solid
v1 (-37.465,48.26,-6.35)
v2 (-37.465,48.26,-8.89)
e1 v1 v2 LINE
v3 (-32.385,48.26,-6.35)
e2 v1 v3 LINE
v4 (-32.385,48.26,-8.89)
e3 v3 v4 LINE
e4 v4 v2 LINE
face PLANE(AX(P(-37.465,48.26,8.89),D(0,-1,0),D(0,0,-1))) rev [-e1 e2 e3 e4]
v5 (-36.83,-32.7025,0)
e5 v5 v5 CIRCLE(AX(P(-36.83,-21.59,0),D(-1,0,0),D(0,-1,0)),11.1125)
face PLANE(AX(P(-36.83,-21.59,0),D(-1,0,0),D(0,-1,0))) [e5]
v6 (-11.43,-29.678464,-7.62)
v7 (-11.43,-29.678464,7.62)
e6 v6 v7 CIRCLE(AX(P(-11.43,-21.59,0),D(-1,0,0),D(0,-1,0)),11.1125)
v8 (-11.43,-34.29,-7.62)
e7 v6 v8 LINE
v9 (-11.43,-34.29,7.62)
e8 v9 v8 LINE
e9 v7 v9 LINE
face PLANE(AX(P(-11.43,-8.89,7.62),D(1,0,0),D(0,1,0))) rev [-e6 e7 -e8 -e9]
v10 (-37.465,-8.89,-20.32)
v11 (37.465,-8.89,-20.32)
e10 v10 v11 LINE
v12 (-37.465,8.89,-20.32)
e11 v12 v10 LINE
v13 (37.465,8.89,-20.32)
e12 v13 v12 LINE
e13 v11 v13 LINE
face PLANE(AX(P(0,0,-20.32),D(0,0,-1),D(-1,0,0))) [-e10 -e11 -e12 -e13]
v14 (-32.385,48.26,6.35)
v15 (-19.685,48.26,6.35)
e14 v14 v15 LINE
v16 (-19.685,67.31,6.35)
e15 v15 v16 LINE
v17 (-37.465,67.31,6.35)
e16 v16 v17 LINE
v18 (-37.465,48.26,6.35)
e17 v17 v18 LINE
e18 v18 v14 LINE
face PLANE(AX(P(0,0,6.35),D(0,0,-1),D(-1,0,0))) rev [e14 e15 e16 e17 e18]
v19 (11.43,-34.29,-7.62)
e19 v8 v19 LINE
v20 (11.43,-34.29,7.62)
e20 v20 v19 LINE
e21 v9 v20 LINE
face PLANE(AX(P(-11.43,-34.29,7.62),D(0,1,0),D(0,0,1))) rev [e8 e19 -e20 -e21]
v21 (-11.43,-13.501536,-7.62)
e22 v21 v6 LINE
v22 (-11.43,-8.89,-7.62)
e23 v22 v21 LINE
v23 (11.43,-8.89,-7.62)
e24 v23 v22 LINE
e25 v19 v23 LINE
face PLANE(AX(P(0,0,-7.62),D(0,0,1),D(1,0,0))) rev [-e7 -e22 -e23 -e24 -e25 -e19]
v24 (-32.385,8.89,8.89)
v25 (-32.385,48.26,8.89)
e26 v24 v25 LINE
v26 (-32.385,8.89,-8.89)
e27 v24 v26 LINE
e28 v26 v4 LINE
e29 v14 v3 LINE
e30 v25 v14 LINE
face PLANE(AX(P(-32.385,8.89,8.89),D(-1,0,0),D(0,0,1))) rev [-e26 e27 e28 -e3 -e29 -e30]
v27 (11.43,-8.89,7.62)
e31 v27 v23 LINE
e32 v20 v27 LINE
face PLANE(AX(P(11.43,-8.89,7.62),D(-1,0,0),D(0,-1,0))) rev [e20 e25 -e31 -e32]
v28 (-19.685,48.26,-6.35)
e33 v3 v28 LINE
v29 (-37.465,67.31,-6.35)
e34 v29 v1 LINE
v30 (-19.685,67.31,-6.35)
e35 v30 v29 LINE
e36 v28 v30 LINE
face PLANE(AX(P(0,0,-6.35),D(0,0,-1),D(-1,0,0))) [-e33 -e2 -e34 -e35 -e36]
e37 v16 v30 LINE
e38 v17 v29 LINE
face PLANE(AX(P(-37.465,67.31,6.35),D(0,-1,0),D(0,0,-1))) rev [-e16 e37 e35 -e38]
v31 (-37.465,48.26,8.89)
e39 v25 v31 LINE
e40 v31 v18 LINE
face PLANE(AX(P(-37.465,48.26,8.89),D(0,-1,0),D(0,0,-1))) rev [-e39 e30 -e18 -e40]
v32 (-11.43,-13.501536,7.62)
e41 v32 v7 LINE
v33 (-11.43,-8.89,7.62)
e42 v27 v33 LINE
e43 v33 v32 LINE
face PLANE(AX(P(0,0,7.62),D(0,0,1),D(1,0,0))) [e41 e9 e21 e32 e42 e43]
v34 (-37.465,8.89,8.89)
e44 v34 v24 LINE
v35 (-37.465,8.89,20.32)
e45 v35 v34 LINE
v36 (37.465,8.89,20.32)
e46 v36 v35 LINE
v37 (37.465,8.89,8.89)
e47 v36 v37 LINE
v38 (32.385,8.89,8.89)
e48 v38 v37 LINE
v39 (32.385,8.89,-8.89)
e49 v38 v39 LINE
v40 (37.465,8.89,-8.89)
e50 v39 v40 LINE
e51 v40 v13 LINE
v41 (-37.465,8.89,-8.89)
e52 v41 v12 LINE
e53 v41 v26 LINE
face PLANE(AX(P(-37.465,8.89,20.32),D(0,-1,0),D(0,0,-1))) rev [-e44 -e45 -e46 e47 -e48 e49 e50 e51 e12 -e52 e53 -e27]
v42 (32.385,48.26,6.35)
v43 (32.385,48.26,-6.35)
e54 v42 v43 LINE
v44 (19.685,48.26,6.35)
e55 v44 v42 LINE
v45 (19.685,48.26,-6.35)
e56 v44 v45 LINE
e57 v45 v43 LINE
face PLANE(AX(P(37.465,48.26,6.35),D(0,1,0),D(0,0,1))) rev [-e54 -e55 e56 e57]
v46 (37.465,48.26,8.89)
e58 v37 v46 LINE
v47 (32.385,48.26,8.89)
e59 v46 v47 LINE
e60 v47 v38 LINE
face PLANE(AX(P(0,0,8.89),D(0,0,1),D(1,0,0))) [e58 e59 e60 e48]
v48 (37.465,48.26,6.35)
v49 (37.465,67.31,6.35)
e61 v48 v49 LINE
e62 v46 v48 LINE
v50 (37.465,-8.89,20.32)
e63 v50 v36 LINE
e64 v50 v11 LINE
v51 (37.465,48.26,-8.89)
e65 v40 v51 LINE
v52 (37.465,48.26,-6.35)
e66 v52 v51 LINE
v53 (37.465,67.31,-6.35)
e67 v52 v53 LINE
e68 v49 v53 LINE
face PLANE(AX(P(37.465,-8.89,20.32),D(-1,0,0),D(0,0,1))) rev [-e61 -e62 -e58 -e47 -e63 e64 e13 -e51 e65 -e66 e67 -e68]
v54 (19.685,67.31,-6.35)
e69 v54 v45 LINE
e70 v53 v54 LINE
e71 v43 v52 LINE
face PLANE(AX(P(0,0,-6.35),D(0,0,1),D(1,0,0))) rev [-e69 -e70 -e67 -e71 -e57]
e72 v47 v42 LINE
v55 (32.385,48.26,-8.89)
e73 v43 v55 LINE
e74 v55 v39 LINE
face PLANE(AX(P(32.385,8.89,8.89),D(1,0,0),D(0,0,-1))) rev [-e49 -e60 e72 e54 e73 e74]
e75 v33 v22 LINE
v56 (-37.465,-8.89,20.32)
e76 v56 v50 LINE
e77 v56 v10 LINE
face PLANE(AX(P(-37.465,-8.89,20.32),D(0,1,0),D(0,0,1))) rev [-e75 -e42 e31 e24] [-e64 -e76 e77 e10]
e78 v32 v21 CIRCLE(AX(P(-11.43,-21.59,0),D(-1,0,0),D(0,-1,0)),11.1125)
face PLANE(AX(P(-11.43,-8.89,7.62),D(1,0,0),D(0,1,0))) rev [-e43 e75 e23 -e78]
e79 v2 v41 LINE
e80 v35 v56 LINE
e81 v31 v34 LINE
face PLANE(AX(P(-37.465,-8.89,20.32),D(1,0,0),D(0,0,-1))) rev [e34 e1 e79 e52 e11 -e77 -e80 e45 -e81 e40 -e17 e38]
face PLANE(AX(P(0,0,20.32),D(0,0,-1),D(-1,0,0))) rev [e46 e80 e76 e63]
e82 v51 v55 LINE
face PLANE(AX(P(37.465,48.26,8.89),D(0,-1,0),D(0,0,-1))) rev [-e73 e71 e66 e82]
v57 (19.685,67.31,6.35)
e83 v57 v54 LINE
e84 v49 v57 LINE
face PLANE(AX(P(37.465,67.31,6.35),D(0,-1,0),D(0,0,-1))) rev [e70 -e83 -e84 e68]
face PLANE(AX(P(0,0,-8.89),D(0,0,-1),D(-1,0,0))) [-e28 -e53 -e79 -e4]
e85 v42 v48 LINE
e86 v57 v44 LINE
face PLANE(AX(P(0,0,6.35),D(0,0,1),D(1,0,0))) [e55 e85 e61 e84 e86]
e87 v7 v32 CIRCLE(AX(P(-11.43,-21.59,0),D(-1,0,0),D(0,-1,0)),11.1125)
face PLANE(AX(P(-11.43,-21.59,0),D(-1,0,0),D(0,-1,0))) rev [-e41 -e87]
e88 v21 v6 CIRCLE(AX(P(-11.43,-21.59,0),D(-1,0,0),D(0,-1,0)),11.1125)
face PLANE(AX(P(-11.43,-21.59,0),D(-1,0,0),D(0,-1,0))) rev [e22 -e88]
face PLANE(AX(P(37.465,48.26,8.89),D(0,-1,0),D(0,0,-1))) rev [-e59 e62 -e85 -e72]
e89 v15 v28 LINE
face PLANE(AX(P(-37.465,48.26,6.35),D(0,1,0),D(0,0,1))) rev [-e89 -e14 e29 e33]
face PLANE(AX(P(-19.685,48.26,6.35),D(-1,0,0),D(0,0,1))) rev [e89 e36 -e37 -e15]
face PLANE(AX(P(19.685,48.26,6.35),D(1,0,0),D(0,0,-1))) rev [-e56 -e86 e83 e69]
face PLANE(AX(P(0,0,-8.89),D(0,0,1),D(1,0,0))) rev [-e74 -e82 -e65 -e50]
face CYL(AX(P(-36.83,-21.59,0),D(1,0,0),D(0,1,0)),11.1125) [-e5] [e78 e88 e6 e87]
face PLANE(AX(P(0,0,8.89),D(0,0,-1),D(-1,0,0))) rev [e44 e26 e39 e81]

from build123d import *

# Parameters (mm, degrees)
SKETCH1_W           = 74.93
SKETCH1_H           = 17.78
BOSS_EXTRUDE1_DEPTH = 20.32
SKETCH2_W           = 5.08
SKETCH2_H           = 39.37
BOSS_EXTRUDE2_DEPTH = 8.89
SKETCH3_W           = 17.78
SKETCH3_H           = 19.05
BOSS_EXTRUDE3_DEPTH = 6.35
SKETCH5_W           = 22.86
SKETCH5_H           = 25.4
BOSS_EXTRUDE4_DEPTH = 7.62
SKETCH6_R           = 11.1125
BOSS_EXTRUDE5_DEPTH = 25.4


with BuildPart() as part:
    # Sketch1 → Boss-Extrude1 (new, symmetric)
    with BuildSketch(Plane.XY):
        Rectangle(SKETCH1_W, SKETCH1_H)
    extrude(amount=BOSS_EXTRUDE1_DEPTH, both=True)

    # Sketch2 → Boss-Extrude2 (add, symmetric)
    with BuildSketch(Plane.XY):
        with Locations((-34.925, 28.575)):
            Rectangle(SKETCH2_W, SKETCH2_H)
        with Locations((34.925, 28.575)):
            Rectangle(SKETCH2_W, SKETCH2_H)
    extrude(amount=BOSS_EXTRUDE2_DEPTH, both=True)

    # Sketch3 → Boss-Extrude3 (add, symmetric)
    with BuildSketch(Plane.XY):
        with Locations((28.575, 57.785)):
            Rectangle(SKETCH3_W, SKETCH3_H)
        with Locations((-28.575, 57.785)):
            Rectangle(SKETCH3_W, SKETCH3_H)
    extrude(amount=BOSS_EXTRUDE3_DEPTH, both=True)

    # Sketch5 → Boss-Extrude4 (add, symmetric)
    with BuildSketch(Plane.XY):
        with Locations((0, -21.59)):
            Rectangle(SKETCH5_W, SKETCH5_H)
    extrude(amount=BOSS_EXTRUDE4_DEPTH, both=True)

    # Sketch6 → Boss-Extrude5 (add)
    with BuildSketch(Plane.ZY.offset(11.43)):
        with Locations(Location((0, -21.59, 0), (0, 0, 46.708192407))):
            Circle(SKETCH6_R)
    extrude(amount=BOSS_EXTRUDE5_DEPTH)


solid = part.part
